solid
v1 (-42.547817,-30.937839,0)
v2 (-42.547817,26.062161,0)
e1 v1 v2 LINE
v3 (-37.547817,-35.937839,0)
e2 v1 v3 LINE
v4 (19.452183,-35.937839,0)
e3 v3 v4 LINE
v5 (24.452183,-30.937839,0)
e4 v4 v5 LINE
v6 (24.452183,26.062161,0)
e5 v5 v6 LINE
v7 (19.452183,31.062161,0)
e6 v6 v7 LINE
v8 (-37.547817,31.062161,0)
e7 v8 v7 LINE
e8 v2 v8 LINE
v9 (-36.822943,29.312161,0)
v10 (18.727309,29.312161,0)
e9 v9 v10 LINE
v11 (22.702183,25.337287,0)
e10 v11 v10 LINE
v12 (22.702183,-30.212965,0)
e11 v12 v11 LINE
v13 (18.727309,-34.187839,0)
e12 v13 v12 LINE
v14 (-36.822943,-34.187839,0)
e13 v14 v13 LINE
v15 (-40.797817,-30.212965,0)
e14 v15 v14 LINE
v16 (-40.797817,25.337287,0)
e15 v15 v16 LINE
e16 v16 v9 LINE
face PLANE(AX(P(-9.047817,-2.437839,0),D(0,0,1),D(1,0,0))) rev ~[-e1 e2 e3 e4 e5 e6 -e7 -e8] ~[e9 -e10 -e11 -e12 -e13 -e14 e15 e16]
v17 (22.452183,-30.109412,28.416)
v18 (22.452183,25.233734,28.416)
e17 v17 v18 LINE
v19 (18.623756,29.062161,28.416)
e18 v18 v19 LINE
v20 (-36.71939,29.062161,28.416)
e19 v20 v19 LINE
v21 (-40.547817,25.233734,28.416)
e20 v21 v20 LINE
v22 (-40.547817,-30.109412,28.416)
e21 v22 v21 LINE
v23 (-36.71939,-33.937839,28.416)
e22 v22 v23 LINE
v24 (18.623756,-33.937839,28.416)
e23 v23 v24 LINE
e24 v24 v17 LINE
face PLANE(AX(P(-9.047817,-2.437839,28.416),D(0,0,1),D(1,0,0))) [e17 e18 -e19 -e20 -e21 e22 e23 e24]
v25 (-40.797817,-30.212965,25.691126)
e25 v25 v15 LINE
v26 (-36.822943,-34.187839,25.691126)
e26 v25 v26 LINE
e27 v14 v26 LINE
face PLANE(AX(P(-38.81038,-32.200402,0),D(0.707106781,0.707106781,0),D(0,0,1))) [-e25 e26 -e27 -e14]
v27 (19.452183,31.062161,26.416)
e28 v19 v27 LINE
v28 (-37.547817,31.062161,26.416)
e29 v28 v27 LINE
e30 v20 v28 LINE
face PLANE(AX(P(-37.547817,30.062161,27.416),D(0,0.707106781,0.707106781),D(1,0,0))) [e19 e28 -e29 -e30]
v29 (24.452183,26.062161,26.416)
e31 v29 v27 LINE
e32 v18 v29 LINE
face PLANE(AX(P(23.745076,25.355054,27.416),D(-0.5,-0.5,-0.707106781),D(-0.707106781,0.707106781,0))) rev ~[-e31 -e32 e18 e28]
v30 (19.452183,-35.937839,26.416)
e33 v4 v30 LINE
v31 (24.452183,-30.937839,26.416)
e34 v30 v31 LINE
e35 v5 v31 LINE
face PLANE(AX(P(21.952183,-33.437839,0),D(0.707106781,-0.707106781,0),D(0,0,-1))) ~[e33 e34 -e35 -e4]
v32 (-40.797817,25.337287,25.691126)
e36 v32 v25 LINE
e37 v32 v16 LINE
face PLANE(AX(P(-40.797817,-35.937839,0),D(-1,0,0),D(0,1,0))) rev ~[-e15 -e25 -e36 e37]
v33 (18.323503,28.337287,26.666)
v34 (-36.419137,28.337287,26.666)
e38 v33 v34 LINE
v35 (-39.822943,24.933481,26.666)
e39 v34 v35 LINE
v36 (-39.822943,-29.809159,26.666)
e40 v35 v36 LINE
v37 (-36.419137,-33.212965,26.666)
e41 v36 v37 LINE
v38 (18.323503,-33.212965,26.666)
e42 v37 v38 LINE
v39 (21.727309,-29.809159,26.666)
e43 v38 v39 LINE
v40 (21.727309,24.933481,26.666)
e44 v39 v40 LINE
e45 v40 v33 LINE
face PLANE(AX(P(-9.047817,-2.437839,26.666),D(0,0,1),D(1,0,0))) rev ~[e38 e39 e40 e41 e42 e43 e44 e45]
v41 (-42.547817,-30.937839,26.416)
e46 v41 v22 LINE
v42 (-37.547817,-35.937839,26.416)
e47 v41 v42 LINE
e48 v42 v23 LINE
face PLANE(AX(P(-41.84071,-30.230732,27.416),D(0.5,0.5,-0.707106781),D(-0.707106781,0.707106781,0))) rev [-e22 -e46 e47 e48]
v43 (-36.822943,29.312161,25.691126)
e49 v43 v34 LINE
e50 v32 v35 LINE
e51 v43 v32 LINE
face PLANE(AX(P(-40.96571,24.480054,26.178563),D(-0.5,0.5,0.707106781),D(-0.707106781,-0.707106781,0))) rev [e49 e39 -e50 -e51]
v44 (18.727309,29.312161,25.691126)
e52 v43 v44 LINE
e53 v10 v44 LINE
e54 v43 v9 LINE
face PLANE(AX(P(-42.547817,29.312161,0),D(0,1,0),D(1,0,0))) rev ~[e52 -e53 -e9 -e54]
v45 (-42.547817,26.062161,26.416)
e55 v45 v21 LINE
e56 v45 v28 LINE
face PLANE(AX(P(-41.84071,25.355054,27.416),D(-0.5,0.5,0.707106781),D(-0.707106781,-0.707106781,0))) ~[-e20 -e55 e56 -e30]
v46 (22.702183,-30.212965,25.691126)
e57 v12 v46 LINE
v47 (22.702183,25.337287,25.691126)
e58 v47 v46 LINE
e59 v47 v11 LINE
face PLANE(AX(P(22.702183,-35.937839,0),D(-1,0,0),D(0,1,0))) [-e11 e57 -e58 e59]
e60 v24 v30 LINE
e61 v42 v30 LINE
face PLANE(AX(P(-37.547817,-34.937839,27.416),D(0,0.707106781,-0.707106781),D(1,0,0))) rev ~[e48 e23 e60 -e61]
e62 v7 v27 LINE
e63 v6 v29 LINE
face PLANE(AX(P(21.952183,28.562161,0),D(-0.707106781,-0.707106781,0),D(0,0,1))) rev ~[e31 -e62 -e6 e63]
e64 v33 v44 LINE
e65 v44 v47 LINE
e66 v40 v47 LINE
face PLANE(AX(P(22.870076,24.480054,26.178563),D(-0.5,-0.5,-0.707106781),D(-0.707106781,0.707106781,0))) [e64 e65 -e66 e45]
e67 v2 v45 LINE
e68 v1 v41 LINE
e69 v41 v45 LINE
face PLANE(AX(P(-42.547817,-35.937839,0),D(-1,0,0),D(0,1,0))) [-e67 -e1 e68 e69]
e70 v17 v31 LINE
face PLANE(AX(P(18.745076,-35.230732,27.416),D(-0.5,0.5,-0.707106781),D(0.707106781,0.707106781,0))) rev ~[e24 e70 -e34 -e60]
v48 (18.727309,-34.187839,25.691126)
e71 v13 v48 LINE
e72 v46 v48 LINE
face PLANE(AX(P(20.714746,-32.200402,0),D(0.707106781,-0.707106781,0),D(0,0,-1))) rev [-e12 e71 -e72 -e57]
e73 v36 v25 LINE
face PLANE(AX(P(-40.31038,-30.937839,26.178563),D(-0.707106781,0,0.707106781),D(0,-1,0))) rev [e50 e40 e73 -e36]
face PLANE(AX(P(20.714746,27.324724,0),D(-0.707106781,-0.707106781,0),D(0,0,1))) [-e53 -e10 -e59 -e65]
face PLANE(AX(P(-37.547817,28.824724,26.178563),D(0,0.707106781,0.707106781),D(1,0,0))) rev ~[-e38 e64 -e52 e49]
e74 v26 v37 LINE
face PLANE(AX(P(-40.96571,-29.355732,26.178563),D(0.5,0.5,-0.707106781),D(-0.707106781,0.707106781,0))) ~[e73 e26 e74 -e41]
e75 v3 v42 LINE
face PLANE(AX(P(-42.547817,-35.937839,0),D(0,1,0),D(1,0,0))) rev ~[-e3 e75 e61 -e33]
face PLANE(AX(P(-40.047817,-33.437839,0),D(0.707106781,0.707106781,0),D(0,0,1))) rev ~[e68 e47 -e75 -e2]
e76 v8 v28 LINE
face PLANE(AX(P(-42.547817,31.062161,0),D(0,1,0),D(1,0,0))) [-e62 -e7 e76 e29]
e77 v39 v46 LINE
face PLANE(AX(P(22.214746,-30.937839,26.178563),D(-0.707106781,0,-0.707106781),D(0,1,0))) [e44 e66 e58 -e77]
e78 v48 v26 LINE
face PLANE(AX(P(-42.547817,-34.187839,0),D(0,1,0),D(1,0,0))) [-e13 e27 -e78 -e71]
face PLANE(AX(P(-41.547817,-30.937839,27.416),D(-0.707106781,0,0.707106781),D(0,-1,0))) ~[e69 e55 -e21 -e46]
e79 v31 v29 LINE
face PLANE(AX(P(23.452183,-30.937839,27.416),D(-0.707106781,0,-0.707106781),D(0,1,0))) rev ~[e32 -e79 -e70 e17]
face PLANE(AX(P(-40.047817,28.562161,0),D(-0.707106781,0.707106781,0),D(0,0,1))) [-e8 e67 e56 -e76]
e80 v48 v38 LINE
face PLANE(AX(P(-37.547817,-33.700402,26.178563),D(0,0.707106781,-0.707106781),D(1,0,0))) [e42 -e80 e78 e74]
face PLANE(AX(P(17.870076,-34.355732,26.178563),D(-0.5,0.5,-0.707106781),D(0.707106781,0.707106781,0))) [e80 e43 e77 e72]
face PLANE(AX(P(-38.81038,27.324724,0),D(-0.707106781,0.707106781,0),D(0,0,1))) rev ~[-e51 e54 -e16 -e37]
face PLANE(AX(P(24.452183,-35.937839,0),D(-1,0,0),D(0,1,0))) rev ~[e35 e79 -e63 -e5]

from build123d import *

# Parameters (mm, degrees)
F0_W     = 67
F0_H     = 67
F1_DEPTH = 28.416
F2_SIZE  = 5
F3_SIZE  = 2
F4_T     = -1.75


with BuildPart() as f1:
    # F0 (on Top) → F1 (new body)
    with BuildSketch(Plane.XY):
        with Locations((-9.047817, -2.437839)):
            Rectangle(F0_W, F0_H)
    extrude(amount=F1_DEPTH)

    # F2
    f2_edges = [f1.edges().sort_by_distance(p)[0] for p in [
        (-42.547817, -35.937839, 14.208),
        (24.452183, -35.937839, 14.208),
        (24.452183, 31.062161, 14.208),
        (-42.547817, 31.062161, 14.208),
    ]]
    chamfer(f2_edges, length=F2_SIZE)

    # F3
    f3_edges = [f1.edges().sort_by_distance(p)[0] for p in [
        (-9.047817, 31.062161, 28.416),
        (21.952183, 28.562161, 28.416),
        (-40.047817, 28.562161, 28.416),
        (24.452183, -2.437839, 28.416),
        (-42.547817, -2.437839, 28.416),
        (21.952183, -33.437839, 28.416),
        (-40.047817, -33.437839, 28.416),
        (-9.047817, -35.937839, 28.416),
    ]]
    chamfer(f3_edges, length=F3_SIZE)

    # F4
    f4_openings = [f1.faces().sort_by_distance(p)[0] for p in [
        (-9.047817, -2.437839, 0),
    ]]
    offset(amount=F4_T, openings=f4_openings)


solid = f1.part
